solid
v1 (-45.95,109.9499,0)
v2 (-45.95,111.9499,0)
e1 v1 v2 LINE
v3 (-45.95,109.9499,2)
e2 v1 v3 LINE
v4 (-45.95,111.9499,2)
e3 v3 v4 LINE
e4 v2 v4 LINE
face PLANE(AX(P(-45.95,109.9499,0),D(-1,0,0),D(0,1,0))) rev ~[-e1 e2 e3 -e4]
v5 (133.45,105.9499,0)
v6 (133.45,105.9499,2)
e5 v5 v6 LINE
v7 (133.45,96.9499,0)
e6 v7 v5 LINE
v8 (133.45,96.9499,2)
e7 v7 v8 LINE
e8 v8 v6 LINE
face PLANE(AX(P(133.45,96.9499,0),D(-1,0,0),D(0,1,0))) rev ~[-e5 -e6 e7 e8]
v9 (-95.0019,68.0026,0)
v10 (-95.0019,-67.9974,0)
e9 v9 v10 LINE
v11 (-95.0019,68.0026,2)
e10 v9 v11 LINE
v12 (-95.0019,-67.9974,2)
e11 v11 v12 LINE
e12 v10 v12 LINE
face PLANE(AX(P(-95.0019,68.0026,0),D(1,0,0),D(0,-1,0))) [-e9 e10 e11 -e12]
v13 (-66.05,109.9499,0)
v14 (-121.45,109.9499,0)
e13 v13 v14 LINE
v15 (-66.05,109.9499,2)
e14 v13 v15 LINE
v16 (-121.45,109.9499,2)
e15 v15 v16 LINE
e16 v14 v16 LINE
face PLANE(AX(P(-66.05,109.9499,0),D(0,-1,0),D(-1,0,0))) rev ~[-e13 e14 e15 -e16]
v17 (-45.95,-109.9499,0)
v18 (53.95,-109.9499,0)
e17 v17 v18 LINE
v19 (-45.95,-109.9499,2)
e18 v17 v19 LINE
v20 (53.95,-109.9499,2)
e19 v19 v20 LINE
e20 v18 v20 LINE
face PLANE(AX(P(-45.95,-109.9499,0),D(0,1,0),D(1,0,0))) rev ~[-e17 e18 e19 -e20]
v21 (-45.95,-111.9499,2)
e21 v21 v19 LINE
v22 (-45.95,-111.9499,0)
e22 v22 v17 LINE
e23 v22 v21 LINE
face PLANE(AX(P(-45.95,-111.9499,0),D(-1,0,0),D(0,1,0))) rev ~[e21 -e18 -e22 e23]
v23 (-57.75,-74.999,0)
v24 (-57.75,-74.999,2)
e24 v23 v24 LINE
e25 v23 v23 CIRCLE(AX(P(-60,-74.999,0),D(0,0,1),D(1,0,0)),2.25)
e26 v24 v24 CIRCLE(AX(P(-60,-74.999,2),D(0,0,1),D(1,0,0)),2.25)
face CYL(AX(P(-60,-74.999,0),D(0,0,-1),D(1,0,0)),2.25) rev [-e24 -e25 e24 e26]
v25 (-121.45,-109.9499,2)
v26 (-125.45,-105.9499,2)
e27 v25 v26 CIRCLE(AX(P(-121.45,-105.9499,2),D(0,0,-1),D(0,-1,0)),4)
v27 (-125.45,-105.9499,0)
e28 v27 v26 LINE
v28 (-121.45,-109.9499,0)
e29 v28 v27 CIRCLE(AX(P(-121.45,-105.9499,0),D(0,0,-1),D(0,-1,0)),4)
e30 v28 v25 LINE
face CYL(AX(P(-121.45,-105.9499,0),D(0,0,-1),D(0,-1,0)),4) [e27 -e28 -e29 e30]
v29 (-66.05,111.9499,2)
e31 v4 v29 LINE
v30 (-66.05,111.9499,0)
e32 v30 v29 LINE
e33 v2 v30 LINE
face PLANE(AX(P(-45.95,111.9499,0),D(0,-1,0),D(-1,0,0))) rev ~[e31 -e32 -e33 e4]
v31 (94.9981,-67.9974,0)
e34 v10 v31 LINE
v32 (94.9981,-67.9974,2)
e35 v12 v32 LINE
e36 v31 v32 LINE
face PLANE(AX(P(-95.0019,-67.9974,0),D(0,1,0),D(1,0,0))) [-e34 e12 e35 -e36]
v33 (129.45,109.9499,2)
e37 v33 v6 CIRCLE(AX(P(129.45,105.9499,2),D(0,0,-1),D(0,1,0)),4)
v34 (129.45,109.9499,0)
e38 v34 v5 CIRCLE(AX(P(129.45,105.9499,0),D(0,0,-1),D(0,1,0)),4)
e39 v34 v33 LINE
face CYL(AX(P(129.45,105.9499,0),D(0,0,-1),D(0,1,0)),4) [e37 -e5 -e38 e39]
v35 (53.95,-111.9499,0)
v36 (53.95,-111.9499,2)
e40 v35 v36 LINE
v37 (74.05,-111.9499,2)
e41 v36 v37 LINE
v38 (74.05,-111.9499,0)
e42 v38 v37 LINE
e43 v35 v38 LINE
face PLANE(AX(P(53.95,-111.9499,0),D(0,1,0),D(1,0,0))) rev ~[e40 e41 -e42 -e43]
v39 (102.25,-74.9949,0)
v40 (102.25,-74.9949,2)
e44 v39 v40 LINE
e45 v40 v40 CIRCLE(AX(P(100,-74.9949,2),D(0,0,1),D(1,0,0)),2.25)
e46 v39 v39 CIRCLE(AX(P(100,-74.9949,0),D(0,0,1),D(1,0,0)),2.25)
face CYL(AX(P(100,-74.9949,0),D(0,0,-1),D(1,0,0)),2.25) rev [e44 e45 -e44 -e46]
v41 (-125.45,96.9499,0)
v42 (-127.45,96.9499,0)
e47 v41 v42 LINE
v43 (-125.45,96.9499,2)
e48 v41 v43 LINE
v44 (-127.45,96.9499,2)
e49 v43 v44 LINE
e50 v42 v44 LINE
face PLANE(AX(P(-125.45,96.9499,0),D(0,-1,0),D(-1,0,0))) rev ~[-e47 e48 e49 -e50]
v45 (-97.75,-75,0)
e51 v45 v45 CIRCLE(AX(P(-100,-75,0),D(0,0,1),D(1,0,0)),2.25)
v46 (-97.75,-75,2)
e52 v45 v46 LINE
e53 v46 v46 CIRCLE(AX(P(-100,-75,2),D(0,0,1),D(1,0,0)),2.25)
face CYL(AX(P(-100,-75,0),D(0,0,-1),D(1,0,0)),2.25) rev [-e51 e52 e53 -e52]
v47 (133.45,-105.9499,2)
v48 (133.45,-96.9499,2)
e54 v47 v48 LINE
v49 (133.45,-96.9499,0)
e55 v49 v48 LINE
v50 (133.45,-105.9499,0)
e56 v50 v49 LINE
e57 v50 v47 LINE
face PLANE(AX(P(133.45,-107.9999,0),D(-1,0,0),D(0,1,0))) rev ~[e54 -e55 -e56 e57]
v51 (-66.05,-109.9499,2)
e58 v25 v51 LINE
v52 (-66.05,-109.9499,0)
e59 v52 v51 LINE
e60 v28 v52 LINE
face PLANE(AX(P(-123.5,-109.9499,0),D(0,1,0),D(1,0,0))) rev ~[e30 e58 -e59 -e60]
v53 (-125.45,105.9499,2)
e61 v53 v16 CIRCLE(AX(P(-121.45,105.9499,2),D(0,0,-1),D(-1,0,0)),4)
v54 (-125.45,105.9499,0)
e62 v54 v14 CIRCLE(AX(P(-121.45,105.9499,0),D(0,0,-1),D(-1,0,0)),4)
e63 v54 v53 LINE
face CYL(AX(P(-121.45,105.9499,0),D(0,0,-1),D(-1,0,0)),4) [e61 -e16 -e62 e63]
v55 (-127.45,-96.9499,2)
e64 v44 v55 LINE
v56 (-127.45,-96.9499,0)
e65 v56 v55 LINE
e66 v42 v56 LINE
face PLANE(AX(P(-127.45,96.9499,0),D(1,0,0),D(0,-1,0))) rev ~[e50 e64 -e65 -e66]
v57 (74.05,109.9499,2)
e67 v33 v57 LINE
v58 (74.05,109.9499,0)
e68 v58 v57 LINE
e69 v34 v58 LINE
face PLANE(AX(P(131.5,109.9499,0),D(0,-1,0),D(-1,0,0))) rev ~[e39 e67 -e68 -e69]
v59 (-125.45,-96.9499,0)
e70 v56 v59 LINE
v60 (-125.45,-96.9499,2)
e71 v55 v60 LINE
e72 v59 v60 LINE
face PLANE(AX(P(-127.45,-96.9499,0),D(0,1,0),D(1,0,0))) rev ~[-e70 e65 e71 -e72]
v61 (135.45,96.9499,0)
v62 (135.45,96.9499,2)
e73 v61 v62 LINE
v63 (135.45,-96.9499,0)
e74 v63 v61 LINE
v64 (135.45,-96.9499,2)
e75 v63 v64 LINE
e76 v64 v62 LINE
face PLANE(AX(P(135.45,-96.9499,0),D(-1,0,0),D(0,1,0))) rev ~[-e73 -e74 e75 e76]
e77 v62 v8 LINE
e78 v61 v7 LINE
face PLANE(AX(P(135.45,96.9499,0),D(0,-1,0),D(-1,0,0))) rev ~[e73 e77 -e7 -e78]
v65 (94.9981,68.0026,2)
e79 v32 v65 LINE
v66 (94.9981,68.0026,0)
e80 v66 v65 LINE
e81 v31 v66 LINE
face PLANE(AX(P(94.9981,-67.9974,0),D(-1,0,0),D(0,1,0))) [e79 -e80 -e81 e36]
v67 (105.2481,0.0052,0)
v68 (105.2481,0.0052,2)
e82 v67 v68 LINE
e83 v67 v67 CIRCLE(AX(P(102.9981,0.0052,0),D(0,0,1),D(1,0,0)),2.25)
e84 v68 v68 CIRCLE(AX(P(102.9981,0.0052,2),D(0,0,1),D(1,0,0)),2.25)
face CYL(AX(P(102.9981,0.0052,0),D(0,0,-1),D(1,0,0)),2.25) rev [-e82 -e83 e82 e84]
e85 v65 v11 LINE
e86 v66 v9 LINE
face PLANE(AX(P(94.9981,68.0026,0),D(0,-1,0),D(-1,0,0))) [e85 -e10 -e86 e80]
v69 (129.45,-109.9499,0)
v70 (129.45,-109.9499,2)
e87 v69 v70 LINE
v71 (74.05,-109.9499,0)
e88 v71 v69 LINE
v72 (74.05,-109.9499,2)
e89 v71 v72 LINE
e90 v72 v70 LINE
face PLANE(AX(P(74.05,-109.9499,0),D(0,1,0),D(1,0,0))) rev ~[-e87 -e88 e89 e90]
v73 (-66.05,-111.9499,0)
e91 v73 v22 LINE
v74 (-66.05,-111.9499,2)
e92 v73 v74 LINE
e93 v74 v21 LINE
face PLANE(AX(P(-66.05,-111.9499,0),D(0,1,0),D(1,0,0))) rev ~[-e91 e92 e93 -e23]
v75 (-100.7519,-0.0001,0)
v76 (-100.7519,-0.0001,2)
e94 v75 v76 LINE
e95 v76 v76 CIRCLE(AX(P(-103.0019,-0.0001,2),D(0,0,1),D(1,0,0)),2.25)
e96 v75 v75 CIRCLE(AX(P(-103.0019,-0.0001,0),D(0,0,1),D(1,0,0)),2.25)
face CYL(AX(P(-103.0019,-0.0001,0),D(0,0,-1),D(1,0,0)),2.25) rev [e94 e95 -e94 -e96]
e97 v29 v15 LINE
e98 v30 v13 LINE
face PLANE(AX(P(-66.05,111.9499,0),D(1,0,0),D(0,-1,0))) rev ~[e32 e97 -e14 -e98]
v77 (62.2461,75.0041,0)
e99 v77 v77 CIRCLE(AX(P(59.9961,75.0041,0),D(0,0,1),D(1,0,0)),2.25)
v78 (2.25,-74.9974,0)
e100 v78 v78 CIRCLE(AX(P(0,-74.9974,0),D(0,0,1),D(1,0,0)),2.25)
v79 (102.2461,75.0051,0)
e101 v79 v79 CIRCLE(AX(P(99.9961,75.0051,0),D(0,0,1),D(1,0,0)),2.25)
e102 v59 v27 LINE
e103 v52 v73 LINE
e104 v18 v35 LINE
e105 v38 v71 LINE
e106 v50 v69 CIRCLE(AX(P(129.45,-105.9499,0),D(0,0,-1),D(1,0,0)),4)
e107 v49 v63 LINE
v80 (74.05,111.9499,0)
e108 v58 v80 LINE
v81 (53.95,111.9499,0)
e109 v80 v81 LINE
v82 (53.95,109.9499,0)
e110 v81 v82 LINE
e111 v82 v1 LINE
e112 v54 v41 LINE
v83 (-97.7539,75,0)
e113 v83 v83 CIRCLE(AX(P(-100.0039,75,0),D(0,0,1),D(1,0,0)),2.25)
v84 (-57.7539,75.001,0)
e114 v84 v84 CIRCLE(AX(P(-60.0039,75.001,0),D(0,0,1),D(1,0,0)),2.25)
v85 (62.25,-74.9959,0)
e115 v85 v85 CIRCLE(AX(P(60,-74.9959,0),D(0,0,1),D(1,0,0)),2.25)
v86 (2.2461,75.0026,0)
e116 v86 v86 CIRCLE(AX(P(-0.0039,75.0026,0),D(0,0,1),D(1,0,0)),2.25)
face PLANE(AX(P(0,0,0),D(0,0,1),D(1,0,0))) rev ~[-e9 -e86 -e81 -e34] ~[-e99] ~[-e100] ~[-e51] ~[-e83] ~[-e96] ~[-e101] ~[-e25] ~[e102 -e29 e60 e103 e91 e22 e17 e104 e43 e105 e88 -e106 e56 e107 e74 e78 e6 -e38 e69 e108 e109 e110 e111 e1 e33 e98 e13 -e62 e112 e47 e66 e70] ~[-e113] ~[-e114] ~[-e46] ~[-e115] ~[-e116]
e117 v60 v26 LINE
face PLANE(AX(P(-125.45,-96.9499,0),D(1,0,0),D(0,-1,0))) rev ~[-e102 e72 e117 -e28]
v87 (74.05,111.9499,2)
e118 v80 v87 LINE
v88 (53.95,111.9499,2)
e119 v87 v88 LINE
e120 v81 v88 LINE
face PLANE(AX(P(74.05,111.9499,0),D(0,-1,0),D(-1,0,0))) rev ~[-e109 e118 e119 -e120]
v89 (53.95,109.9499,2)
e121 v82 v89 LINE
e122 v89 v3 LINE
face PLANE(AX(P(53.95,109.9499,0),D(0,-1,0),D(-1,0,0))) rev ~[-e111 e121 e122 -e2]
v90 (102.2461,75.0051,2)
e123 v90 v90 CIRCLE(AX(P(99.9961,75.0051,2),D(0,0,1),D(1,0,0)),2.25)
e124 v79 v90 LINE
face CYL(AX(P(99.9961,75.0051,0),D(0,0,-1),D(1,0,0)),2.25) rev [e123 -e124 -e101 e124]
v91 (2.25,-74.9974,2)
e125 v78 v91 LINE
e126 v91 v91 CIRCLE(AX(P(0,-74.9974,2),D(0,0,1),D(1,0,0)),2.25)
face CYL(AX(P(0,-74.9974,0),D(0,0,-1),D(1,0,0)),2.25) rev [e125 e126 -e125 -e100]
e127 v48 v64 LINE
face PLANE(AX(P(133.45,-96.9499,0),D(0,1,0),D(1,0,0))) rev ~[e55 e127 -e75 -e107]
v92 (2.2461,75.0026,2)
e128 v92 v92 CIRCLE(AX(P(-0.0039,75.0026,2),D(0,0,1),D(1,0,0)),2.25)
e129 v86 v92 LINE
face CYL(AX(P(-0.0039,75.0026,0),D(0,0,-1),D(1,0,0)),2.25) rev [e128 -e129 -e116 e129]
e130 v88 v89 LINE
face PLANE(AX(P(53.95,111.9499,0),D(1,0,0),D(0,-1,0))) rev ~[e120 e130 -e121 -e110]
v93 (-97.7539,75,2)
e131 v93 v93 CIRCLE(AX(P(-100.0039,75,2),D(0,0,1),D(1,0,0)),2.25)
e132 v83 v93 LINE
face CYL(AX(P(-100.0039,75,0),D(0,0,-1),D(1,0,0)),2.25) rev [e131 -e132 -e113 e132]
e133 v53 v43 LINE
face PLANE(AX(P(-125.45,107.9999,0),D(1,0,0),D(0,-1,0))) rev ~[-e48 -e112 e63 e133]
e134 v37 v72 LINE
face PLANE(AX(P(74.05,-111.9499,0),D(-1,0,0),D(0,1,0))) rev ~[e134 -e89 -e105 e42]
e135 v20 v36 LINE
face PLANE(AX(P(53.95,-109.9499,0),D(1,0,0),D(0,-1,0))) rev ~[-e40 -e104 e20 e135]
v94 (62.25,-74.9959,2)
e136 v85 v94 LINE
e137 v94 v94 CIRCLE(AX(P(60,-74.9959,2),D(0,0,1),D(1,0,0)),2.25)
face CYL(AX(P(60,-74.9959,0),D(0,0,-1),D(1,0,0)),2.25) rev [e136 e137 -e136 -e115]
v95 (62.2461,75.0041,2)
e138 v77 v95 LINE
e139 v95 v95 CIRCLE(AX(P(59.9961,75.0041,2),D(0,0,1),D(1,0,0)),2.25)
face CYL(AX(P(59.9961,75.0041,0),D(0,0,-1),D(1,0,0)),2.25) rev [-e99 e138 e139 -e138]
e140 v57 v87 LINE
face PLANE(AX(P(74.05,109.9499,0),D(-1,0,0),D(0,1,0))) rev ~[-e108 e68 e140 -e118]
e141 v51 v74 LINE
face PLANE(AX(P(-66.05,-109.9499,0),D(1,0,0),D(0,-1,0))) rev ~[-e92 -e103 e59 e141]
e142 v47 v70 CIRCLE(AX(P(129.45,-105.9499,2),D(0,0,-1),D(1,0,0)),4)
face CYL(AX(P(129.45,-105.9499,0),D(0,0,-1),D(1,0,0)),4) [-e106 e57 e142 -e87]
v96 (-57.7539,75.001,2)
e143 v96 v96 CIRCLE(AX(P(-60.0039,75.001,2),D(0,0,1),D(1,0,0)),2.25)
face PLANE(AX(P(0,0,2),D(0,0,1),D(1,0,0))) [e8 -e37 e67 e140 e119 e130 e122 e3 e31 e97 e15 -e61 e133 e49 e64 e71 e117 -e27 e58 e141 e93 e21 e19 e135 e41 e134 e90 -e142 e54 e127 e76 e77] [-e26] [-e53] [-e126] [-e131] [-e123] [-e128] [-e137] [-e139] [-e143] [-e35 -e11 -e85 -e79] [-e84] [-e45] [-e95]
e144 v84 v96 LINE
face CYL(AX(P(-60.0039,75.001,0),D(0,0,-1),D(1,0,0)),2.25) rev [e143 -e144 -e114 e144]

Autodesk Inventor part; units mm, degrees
ref_plane "YZ Plane" through (0, 0, 0) normal (1, 0, 0) x (0, 1, 0)
ref_plane "XZ Plane" through (0, 0, 0) normal (0, 1, 0) x (-1, 0, 0)
ref_plane "XY Plane" through (0, 0, 0) normal (0, 0, 1) x (1, 0, 0)
ref_plane "Arbeitsebene1" through (0, 0, 0) normal (0, 0, 1) x (1, 0, 0)
sketch "Skizze1" plane through (0, 0, 0) normal (0, 0, 1) x (1, 0, 0)
  line L0 (53.9, 111.9999) -> (53.9, 109.9999) construction
  line L1 (53.9, 109.9999) -> (-45.9, 109.9999) construction
  line L2 (-45.9, 109.9999) -> (-45.9, 111.9999) construction
  line L3 (-66.1, 111.9999) -> (-66.1, 109.9999) construction
  line L4 (-66.1, 109.9999) -> (-123.5, 109.9999) construction
  arc A0 (-123.5, 109.9999) -> (-125.5, 107.9999) centre (-123.5, 107.9999) ccw construction
  line L5 (-125.5, 107.9999) -> (-125.5, 96.9999) construction
  line L6 (-125.5, 96.9999) -> (-127.5, 96.9999) construction
  line L7 (133.5, 96.9999) -> (133.5, 107.9999) construction
  arc A1 (133.5, 107.9999) -> (131.5, 109.9999) centre (131.5, 107.9999) ccw construction
  line L8 (131.5, 109.9999) -> (74.1, 109.9999) construction
  line L9 (74.1, 109.9999) -> (74.1, 111.9999) construction
  line L10 (135.5, 96.9999) -> (133.5, 96.9999) construction
  line L11 (-45.9, -111.9999) -> (-45.9, -109.9999) construction
  line L12 (-45.9, -109.9999) -> (53.9, -109.9999) construction
  line L13 (53.9, -109.9999) -> (53.9, -111.9999) construction
  line L14 (74.1, -111.9999) -> (74.1, -109.9999) construction
  line L15 (74.1, -109.9999) -> (131.5, -109.9999) construction
  arc A2 (131.5, -109.9999) -> (133.5, -107.9999) centre (131.5, -107.9999) ccw construction
  line L16 (133.5, -107.9999) -> (133.5, -96.9999) construction
  line L17 (133.5, -96.9999) -> (135.5, -96.9999) construction
  line L18 (-125.5, -96.9999) -> (-125.5, -107.9999) construction
  arc A3 (-125.5, -107.9999) -> (-123.5, -109.9999) centre (-123.5, -107.9999) ccw construction
  line L19 (-123.5, -109.9999) -> (-66.1, -109.9999) construction
  line L20 (-66.1, -109.9999) -> (-66.1, -111.9999) construction
  line L21 (-127.5, -96.9999) -> (-125.5, -96.9999) construction
  line L22 (135.5, -96.9999) -> (135.5, 96.9999) construction
  line L23 (74.1, 111.9999) -> (53.9, 111.9999) construction
  line L24 (-45.9, 111.9999) -> (-66.1, 111.9999) construction
  line L25 (-127.5, 96.9999) -> (-127.5, -96.9999) construction
  line L26 (-127.5, -109.9999) -> (-127.5, -111.9999) construction
  line L27 (-66.1, -111.9999) -> (-45.9, -111.9999) construction
  line L28 (53.9, -111.9999) -> (74.1, -111.9999) construction
  line L29 (135.45, 96.9499) -> (133.45, 96.9499)
  line L30 (133.45, 96.9499) -> (133.45, 107.9999)
  arc A4 (133.45, 107.9999) -> (131.5, 109.9499) centre (131.5, 107.9999) ccw
  line L31 (131.5, 109.9499) -> (74.05, 109.9499)
  line L32 (74.05, 109.9499) -> (74.05, 111.9499)
  line L33 (74.05, 111.9499) -> (53.95, 111.9499)
  line L34 (53.95, 111.9499) -> (53.95, 109.9499)
  line L35 (53.95, 109.9499) -> (-45.95, 109.9499)
  line L36 (-45.95, 109.9499) -> (-45.95, 111.9499)
  line L37 (-45.95, 111.9499) -> (-66.05, 111.9499)
  line L38 (-66.05, 111.9499) -> (-66.05, 109.9499)
  line L39 (-66.05, 109.9499) -> (-123.5, 109.9499)
  arc A5 (-123.5, 109.9499) -> (-125.45, 107.9999) centre (-123.5, 107.9999) ccw
  line L40 (-125.45, 107.9999) -> (-125.45, 96.9499)
  line L41 (-125.45, 96.9499) -> (-127.45, 96.9499)
  line L42 (-127.45, 96.9499) -> (-127.45, -96.9499)
  line L43 (-127.45, -96.9499) -> (-125.45, -96.9499)
  line L44 (-125.45, -96.9499) -> (-125.45, -107.9999)
  arc A6 (-125.45, -107.9999) -> (-123.5, -109.9499) centre (-123.5, -107.9999) ccw
  line L45 (-123.5, -109.9499) -> (-66.05, -109.9499)
  line L46 (-66.05, -109.9499) -> (-66.05, -111.9499)
  line L47 (-66.05, -111.9499) -> (-45.95, -111.9499)
  line L48 (-45.95, -111.9499) -> (-45.95, -109.9499)
  line L49 (-45.95, -109.9499) -> (53.95, -109.9499)
  line L50 (53.95, -109.9499) -> (53.95, -111.9499)
  line L51 (53.95, -111.9499) -> (74.05, -111.9499)
  line L52 (74.05, -111.9499) -> (74.05, -109.9499)
  line L53 (74.05, -109.9499) -> (131.5, -109.9499)
  arc A7 (131.5, -109.9499) -> (133.45, -107.9999) centre (131.5, -107.9999) ccw
  line L54 (133.45, -107.9999) -> (133.45, -96.9499)
  line L55 (133.45, -96.9499) -> (135.45, -96.9499)
  line L56 (135.45, -96.9499) -> (135.45, 96.9499)
  circle A8 centre (99.9961, 75.0051) radius 2.25
  circle A9 centre (59.9961, 75.0041) radius 2.25
  circle A10 centre (102.9981, 0.0052) radius 2.25
  circle A11 centre (100, -74.9949) radius 2.25
  circle A12 centre (60, -74.9959) radius 2.25
  circle A13 centre (0, -74.9974) radius 2.25
  circle A14 centre (-60, -74.999) radius 2.25
  circle A15 centre (-100, -75) radius 2.25
  circle A16 centre (-100.0039, 75) radius 2.25
  circle A17 centre (-60.0039, 75.001) radius 2.25
  circle A18 centre (-0.0039, 75.0026) radius 2.25
  line L57 (100, -74.9949) -> (-100.0039, 75) construction
  line L58 (-100.0039, 75) -> (99.9961, 75.0051) construction
  line L59 (99.9961, 75.0051) -> (-100, -75) construction
  line L60 (94.9981, 68.0026) -> (-95.0019, 68.0026)
  line L61 (-95.0019, 68.0026) -> (-95.0019, -67.9974)
  line L62 (-95.0019, -67.9974) -> (94.9981, -67.9974)
  line L63 (94.9981, -67.9974) -> (94.9981, 68.0026)
  line L64 (94.9981, 68.0026) -> (-95.0019, -67.9974) construction
  line L65 (-95.0019, 68.0026) -> (94.9981, -67.9974) construction
  circle A19 centre (-103.0019, -0.0001) radius 2.25
  point P0 (0, 0)
  point P1 (-0.0019, 0.0026)
  dimension "d0" = 0.05
  dimension "d1" = 190
  dimension "d2" = 136
extrude "Grobblech1" add sketch "Skizze1" along normal blind 2
sketch "Skizze2" plane through (0, 0, 0) normal (0, 0, -1) x (-1, 0, 0)
  arc A0 (121.45, -109.9499) -> (125.45, -105.9499) centre (121.45, -105.9499) ccw
  line L0 (-94.9981, -67.9974) -> (-94.9981, 68.0026) projected
  line L1 (-94.9981, 68.0026) -> (95.0019, 68.0026) projected
  line L2 (95.0019, 68.0026) -> (95.0019, -67.9974) projected
  line L3 (95.0019, -67.9974) -> (-94.9981, -67.9974) projected
  circle A1 centre (103.0019, -0.0001) radius 2.25 projected
  circle A2 centre (0.0039, 75.0026) radius 2.25 projected
  circle A3 centre (60.0039, 75.001) radius 2.25 projected
  circle A4 centre (100.0039, 75) radius 2.25 projected
  circle A5 centre (100, -75) radius 2.25 projected
  circle A6 centre (60, -74.999) radius 2.25 projected
  circle A7 centre (0, -74.9974) radius 2.25 projected
  circle A8 centre (-60, -74.9959) radius 2.25 projected
  circle A9 centre (-100, -74.9949) radius 2.25 projected
  circle A10 centre (-102.9981, 0.0052) radius 2.25 projected
  circle A11 centre (-59.9961, 75.0041) radius 2.25 projected
  circle A12 centre (-99.9961, 75.0051) radius 2.25 projected
  line L4 (-135.45, 96.9499) -> (-133.45, 96.9499) projected
  line L5 (-135.45, -96.9499) -> (-135.45, 96.9499) projected
  line L6 (-133.45, -96.9499) -> (-135.45, -96.9499) projected
  line L7 (-133.45, -107.9999) -> (-133.45, -96.9499) projected
  arc A13 (-133.45, -107.9999) -> (-131.5, -109.9499) centre (-131.5, -107.9999) ccw projected
  line L8 (-74.05, -109.9499) -> (-131.5, -109.9499) projected
  line L9 (-74.05, -111.9499) -> (-74.05, -109.9499) projected
  line L10 (-53.95, -111.9499) -> (-74.05, -111.9499) projected
  line L11 (-53.95, -109.9499) -> (-53.95, -111.9499) projected
  line L12 (45.95, -109.9499) -> (-53.95, -109.9499) projected
  line L13 (45.95, -111.9499) -> (45.95, -109.9499) projected
  line L14 (66.05, -111.9499) -> (45.95, -111.9499) projected
  line L15 (66.05, -109.9499) -> (66.05, -111.9499) projected
  line L16 (123.5, -109.9499) -> (66.05, -109.9499) projected
  arc A14 (123.5, -109.9499) -> (125.45, -107.9999) centre (123.5, -107.9999) ccw projected
  line L17 (125.45, -96.9499) -> (125.45, -107.9999) projected
  line L18 (127.45, -96.9499) -> (125.45, -96.9499) projected
  line L19 (127.45, 96.9499) -> (127.45, -96.9499) projected
  line L20 (125.45, 96.9499) -> (127.45, 96.9499) projected
  line L21 (125.45, 107.9999) -> (125.45, 96.9499) projected
  arc A15 (125.45, 107.9999) -> (123.5, 109.9499) centre (123.5, 107.9999) ccw projected
  line L22 (66.05, 109.9499) -> (123.5, 109.9499) projected
  line L23 (66.05, 111.9499) -> (66.05, 109.9499) projected
  line L24 (45.95, 111.9499) -> (66.05, 111.9499) projected
  line L25 (45.95, 109.9499) -> (45.95, 111.9499) projected
  line L26 (-53.95, 109.9499) -> (45.95, 109.9499) projected
  line L27 (-53.95, 111.9499) -> (-53.95, 109.9499) projected
  line L28 (-74.05, 111.9499) -> (-53.95, 111.9499) projected
  line L29 (-74.05, 109.9499) -> (-74.05, 111.9499) projected
  line L30 (-131.5, 109.9499) -> (-74.05, 109.9499) projected
  arc A16 (-131.5, 109.9499) -> (-133.45, 107.9999) centre (-131.5, 107.9999) ccw projected
  line L31 (-133.45, 96.9499) -> (-133.45, 107.9999) projected
  arc A17 (125.45, 105.9499) -> (121.45, 109.9499) centre (121.45, 105.9499) ccw
  arc A18 (-129.45, 109.9499) -> (-133.45, 105.9499) centre (-129.45, 105.9499) ccw
  line L32 (-133.45, 96.9499) -> (-133.45, 107.9999) projected
  arc A19 (-133.45, -105.9499) -> (-129.45, -109.9499) centre (-129.45, -105.9499) ccw
  line L33 (-133.45, -107.9999) -> (-133.45, -96.9499) projected
  line L34 (-74.05, -109.9499) -> (-131.5, -109.9499) projected
  point P0 (0, 0)
  dimension "d4" = 8
  dimension "d5" = 8
  dimension "d6" = 8
  dimension "d7" = 8
extrude "Extrusion1" cut sketch "Skizze2" against normal through all contours A0 L17 A14 L16 | A17 L22 A15 L21 | L8 A13 L7 A19 | L31 A16 L30 A18
equation "\"d3\" = Stärke"
equation "\"Biegeradius\" = Stärke"
equation "\"BreiteBiegungsfreistellung\" = Stärke"
equation "\"TiefeBiegungsfreistellung\" = 0.5 * Stärke"
equation "\"GrößeEckenfreistellung\" = 4 * Stärke"
equation "\"MinimalRest\" = 2 * Stärke"
equation "\"Übergangsradius\" = Biegeradius"
equation "\"JacobiRadiusGröße\" = Biegeradius"
equation "\"Abstandsgröße\" = Stärke"
equation "\"Stärke\" = 2"
properties part number "BrennerHalter"
